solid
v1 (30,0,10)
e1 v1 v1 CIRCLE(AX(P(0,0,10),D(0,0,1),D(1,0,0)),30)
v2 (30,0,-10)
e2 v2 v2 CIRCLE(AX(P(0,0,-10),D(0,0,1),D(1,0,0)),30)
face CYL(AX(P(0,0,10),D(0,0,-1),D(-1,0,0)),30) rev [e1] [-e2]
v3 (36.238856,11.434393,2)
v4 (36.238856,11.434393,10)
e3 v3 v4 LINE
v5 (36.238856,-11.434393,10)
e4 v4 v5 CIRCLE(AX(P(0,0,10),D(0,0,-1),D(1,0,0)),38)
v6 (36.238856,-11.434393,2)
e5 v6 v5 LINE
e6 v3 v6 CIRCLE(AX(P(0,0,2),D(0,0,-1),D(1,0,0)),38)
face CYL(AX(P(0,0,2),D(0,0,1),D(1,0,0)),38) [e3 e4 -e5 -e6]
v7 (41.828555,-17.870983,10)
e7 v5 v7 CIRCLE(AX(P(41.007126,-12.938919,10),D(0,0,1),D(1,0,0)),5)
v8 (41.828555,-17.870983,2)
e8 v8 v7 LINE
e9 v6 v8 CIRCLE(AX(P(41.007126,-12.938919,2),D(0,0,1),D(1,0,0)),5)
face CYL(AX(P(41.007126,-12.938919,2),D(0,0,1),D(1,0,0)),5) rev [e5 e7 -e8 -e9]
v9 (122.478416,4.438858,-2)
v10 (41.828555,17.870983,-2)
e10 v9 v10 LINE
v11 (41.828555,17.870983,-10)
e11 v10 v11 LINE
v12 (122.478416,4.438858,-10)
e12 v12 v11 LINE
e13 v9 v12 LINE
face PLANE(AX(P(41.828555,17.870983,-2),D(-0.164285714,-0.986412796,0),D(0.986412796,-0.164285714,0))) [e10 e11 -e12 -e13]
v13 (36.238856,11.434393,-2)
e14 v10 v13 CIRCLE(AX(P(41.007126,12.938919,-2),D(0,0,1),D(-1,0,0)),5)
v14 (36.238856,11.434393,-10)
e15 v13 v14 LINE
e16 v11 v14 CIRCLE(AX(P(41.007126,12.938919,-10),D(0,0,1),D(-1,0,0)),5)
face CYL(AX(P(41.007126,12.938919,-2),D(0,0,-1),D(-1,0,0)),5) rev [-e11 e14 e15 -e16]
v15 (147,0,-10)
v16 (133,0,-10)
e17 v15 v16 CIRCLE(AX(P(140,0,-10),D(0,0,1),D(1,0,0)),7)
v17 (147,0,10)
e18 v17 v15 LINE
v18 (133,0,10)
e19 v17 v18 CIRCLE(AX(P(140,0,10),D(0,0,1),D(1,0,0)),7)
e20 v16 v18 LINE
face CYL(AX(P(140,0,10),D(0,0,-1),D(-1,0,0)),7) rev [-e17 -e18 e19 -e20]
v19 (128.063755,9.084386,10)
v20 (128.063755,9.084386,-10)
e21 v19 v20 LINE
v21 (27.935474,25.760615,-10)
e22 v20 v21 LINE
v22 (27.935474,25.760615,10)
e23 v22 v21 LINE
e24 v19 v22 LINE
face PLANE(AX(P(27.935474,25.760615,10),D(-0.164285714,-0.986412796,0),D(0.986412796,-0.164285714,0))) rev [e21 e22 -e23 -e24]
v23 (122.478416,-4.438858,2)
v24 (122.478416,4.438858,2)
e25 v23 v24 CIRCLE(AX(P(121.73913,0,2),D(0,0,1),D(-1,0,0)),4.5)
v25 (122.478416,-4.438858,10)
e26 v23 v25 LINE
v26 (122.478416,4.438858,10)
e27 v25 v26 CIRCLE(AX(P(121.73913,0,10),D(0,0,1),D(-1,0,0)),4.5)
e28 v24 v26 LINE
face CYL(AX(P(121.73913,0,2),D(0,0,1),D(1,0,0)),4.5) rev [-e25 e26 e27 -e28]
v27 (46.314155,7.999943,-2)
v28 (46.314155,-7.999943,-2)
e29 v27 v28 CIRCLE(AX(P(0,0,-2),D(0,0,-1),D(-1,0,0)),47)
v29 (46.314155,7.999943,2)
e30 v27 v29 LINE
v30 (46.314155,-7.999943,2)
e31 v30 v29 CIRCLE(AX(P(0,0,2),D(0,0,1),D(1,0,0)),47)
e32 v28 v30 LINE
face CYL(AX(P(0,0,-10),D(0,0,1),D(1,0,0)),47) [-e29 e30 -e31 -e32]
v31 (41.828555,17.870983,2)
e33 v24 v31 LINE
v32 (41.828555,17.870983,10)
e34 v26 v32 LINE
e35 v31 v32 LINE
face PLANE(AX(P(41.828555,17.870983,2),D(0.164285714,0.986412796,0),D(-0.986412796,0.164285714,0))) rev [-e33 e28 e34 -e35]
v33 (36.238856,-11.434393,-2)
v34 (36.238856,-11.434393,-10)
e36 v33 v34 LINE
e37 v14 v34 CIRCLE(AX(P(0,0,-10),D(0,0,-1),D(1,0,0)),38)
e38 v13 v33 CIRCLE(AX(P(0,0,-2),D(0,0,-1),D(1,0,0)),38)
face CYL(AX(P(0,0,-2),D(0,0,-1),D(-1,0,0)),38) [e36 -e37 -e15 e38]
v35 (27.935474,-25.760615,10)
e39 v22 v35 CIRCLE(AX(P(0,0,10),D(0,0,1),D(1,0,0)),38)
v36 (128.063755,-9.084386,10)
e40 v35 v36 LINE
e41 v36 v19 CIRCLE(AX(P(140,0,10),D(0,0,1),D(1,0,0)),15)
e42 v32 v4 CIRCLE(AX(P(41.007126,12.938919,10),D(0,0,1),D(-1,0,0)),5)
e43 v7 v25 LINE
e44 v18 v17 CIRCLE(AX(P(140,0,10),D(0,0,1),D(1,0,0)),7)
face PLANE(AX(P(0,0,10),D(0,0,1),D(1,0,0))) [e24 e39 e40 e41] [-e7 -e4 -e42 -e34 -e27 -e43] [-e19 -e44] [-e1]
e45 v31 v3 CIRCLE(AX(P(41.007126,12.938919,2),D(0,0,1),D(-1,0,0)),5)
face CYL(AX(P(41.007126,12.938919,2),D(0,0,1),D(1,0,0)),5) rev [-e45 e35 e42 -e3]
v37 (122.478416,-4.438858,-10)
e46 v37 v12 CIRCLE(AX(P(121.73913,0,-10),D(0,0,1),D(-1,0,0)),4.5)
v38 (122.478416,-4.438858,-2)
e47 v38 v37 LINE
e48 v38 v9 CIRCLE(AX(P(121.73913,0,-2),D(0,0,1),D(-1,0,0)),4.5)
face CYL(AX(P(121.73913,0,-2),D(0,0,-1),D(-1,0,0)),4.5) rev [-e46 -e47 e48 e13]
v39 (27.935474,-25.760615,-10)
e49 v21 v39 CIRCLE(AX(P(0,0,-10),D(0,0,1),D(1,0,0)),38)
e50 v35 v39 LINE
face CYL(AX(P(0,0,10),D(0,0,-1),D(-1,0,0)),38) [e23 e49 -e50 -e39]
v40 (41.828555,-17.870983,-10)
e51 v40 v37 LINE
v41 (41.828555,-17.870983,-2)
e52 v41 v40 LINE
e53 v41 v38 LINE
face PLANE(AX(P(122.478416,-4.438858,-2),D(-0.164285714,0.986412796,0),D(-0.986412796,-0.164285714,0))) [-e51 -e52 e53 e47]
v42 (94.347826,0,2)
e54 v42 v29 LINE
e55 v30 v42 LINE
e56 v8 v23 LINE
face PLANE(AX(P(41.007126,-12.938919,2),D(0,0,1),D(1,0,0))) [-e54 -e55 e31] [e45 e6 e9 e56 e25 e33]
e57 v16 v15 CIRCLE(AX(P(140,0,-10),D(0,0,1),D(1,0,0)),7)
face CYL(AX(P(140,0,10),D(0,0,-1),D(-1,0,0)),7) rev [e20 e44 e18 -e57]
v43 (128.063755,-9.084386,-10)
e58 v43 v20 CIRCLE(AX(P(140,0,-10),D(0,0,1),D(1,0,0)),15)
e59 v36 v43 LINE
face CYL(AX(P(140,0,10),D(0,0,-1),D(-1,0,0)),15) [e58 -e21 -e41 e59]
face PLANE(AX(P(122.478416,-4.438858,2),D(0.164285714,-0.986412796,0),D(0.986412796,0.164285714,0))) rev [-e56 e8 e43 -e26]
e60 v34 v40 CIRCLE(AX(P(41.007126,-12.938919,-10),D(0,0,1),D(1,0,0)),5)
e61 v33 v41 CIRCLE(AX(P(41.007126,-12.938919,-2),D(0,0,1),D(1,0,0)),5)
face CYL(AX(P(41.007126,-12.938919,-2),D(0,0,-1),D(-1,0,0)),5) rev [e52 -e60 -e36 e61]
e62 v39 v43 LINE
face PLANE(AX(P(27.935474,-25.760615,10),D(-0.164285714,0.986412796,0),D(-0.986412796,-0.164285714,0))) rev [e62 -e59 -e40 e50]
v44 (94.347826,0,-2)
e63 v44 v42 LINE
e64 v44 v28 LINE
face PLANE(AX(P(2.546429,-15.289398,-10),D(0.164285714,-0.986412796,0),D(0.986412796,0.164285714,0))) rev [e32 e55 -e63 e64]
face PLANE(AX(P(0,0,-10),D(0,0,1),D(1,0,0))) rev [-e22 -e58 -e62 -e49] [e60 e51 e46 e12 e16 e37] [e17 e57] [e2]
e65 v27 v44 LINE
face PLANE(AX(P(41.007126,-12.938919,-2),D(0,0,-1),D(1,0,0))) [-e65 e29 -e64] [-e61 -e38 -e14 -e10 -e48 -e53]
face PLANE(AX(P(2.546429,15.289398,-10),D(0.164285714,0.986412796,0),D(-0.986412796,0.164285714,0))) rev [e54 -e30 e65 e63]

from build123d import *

# Parameters (mm, degrees)
SKETCH1_R           = 30
SKETCH1_R_2         = 7
BOSS_EXTRUDE1_DEPTH = 10
CUT_EXTRUDE1_DEPTH  = 8
CUT_EXTRUDE2_DEPTH  = 161.040619844


with BuildPart() as part:
    # Sketch1 → Boss-Extrude1 (new, symmetric)
    with BuildSketch(Plane.XY):
        with BuildLine():
            Line((27.935473676, 25.760615491), (128.063755469, 9.084385863))
            ThreePointArc((128.063755469, 9.084385863), (155, 0), (128.063755469, -9.084385863))
            Line((128.063755469, -9.084385863), (27.935473676, -25.760615491))
            ThreePointArc((27.935473676, -25.760615491), (-38, 0), (27.935473676, 25.760615491))
        make_face()
        Circle(SKETCH1_R, mode=Mode.SUBTRACT)
        with Locations((140, 0)):
            Circle(SKETCH1_R_2, mode=Mode.SUBTRACT)
    extrude(amount=BOSS_EXTRUDE1_DEPTH, both=True)

    # Sketch2 → Cut-Extrude1 (cut)
    with BuildSketch(Plane.XY.offset(10)):
        with BuildLine():
            Line((41.828554558, 17.870982725), (122.478416149, 4.438857582))
            ThreePointArc((122.478416149, 4.438857582), (126.239130435, 0), (122.478416149, -4.438857582))
            Line((122.478416149, -4.438857582), (41.828554558, -17.870982725))
            ThreePointArc((41.828554558, -17.870982725), (37.231968897, -16.217361812), (36.238855523, -11.43439331))
            ThreePointArc((36.238855523, -11.43439331), (38, 0), (36.238855523, 11.43439331))
            ThreePointArc((36.238855523, 11.43439331), (37.231968897, 16.217361812), (41.828554558, 17.870982725))
        make_face()
    cut_extrude1 = extrude(amount=-CUT_EXTRUDE1_DEPTH, mode=Mode.SUBTRACT)

    # Mirror1: Cut-Extrude1 across plane
    add(cut_extrude1.mirror(Plane.XY), mode=Mode.SUBTRACT)

    # Sketch3 → Cut-Extrude2 (cut, through all)
    with BuildSketch(Plane.XY.offset(2)):
        with BuildLine():
            ThreePointArc((46.314154572, -7.999942891), (47, 0), (46.314154572, 7.999942891))
            Line((46.314154572, 7.999942891), (94.347826087, 0))
            Line((94.347826087, 0), (46.314154572, -7.999942891))
        make_face()
    extrude(amount=-CUT_EXTRUDE2_DEPTH, mode=Mode.SUBTRACT)


solid = part.part
